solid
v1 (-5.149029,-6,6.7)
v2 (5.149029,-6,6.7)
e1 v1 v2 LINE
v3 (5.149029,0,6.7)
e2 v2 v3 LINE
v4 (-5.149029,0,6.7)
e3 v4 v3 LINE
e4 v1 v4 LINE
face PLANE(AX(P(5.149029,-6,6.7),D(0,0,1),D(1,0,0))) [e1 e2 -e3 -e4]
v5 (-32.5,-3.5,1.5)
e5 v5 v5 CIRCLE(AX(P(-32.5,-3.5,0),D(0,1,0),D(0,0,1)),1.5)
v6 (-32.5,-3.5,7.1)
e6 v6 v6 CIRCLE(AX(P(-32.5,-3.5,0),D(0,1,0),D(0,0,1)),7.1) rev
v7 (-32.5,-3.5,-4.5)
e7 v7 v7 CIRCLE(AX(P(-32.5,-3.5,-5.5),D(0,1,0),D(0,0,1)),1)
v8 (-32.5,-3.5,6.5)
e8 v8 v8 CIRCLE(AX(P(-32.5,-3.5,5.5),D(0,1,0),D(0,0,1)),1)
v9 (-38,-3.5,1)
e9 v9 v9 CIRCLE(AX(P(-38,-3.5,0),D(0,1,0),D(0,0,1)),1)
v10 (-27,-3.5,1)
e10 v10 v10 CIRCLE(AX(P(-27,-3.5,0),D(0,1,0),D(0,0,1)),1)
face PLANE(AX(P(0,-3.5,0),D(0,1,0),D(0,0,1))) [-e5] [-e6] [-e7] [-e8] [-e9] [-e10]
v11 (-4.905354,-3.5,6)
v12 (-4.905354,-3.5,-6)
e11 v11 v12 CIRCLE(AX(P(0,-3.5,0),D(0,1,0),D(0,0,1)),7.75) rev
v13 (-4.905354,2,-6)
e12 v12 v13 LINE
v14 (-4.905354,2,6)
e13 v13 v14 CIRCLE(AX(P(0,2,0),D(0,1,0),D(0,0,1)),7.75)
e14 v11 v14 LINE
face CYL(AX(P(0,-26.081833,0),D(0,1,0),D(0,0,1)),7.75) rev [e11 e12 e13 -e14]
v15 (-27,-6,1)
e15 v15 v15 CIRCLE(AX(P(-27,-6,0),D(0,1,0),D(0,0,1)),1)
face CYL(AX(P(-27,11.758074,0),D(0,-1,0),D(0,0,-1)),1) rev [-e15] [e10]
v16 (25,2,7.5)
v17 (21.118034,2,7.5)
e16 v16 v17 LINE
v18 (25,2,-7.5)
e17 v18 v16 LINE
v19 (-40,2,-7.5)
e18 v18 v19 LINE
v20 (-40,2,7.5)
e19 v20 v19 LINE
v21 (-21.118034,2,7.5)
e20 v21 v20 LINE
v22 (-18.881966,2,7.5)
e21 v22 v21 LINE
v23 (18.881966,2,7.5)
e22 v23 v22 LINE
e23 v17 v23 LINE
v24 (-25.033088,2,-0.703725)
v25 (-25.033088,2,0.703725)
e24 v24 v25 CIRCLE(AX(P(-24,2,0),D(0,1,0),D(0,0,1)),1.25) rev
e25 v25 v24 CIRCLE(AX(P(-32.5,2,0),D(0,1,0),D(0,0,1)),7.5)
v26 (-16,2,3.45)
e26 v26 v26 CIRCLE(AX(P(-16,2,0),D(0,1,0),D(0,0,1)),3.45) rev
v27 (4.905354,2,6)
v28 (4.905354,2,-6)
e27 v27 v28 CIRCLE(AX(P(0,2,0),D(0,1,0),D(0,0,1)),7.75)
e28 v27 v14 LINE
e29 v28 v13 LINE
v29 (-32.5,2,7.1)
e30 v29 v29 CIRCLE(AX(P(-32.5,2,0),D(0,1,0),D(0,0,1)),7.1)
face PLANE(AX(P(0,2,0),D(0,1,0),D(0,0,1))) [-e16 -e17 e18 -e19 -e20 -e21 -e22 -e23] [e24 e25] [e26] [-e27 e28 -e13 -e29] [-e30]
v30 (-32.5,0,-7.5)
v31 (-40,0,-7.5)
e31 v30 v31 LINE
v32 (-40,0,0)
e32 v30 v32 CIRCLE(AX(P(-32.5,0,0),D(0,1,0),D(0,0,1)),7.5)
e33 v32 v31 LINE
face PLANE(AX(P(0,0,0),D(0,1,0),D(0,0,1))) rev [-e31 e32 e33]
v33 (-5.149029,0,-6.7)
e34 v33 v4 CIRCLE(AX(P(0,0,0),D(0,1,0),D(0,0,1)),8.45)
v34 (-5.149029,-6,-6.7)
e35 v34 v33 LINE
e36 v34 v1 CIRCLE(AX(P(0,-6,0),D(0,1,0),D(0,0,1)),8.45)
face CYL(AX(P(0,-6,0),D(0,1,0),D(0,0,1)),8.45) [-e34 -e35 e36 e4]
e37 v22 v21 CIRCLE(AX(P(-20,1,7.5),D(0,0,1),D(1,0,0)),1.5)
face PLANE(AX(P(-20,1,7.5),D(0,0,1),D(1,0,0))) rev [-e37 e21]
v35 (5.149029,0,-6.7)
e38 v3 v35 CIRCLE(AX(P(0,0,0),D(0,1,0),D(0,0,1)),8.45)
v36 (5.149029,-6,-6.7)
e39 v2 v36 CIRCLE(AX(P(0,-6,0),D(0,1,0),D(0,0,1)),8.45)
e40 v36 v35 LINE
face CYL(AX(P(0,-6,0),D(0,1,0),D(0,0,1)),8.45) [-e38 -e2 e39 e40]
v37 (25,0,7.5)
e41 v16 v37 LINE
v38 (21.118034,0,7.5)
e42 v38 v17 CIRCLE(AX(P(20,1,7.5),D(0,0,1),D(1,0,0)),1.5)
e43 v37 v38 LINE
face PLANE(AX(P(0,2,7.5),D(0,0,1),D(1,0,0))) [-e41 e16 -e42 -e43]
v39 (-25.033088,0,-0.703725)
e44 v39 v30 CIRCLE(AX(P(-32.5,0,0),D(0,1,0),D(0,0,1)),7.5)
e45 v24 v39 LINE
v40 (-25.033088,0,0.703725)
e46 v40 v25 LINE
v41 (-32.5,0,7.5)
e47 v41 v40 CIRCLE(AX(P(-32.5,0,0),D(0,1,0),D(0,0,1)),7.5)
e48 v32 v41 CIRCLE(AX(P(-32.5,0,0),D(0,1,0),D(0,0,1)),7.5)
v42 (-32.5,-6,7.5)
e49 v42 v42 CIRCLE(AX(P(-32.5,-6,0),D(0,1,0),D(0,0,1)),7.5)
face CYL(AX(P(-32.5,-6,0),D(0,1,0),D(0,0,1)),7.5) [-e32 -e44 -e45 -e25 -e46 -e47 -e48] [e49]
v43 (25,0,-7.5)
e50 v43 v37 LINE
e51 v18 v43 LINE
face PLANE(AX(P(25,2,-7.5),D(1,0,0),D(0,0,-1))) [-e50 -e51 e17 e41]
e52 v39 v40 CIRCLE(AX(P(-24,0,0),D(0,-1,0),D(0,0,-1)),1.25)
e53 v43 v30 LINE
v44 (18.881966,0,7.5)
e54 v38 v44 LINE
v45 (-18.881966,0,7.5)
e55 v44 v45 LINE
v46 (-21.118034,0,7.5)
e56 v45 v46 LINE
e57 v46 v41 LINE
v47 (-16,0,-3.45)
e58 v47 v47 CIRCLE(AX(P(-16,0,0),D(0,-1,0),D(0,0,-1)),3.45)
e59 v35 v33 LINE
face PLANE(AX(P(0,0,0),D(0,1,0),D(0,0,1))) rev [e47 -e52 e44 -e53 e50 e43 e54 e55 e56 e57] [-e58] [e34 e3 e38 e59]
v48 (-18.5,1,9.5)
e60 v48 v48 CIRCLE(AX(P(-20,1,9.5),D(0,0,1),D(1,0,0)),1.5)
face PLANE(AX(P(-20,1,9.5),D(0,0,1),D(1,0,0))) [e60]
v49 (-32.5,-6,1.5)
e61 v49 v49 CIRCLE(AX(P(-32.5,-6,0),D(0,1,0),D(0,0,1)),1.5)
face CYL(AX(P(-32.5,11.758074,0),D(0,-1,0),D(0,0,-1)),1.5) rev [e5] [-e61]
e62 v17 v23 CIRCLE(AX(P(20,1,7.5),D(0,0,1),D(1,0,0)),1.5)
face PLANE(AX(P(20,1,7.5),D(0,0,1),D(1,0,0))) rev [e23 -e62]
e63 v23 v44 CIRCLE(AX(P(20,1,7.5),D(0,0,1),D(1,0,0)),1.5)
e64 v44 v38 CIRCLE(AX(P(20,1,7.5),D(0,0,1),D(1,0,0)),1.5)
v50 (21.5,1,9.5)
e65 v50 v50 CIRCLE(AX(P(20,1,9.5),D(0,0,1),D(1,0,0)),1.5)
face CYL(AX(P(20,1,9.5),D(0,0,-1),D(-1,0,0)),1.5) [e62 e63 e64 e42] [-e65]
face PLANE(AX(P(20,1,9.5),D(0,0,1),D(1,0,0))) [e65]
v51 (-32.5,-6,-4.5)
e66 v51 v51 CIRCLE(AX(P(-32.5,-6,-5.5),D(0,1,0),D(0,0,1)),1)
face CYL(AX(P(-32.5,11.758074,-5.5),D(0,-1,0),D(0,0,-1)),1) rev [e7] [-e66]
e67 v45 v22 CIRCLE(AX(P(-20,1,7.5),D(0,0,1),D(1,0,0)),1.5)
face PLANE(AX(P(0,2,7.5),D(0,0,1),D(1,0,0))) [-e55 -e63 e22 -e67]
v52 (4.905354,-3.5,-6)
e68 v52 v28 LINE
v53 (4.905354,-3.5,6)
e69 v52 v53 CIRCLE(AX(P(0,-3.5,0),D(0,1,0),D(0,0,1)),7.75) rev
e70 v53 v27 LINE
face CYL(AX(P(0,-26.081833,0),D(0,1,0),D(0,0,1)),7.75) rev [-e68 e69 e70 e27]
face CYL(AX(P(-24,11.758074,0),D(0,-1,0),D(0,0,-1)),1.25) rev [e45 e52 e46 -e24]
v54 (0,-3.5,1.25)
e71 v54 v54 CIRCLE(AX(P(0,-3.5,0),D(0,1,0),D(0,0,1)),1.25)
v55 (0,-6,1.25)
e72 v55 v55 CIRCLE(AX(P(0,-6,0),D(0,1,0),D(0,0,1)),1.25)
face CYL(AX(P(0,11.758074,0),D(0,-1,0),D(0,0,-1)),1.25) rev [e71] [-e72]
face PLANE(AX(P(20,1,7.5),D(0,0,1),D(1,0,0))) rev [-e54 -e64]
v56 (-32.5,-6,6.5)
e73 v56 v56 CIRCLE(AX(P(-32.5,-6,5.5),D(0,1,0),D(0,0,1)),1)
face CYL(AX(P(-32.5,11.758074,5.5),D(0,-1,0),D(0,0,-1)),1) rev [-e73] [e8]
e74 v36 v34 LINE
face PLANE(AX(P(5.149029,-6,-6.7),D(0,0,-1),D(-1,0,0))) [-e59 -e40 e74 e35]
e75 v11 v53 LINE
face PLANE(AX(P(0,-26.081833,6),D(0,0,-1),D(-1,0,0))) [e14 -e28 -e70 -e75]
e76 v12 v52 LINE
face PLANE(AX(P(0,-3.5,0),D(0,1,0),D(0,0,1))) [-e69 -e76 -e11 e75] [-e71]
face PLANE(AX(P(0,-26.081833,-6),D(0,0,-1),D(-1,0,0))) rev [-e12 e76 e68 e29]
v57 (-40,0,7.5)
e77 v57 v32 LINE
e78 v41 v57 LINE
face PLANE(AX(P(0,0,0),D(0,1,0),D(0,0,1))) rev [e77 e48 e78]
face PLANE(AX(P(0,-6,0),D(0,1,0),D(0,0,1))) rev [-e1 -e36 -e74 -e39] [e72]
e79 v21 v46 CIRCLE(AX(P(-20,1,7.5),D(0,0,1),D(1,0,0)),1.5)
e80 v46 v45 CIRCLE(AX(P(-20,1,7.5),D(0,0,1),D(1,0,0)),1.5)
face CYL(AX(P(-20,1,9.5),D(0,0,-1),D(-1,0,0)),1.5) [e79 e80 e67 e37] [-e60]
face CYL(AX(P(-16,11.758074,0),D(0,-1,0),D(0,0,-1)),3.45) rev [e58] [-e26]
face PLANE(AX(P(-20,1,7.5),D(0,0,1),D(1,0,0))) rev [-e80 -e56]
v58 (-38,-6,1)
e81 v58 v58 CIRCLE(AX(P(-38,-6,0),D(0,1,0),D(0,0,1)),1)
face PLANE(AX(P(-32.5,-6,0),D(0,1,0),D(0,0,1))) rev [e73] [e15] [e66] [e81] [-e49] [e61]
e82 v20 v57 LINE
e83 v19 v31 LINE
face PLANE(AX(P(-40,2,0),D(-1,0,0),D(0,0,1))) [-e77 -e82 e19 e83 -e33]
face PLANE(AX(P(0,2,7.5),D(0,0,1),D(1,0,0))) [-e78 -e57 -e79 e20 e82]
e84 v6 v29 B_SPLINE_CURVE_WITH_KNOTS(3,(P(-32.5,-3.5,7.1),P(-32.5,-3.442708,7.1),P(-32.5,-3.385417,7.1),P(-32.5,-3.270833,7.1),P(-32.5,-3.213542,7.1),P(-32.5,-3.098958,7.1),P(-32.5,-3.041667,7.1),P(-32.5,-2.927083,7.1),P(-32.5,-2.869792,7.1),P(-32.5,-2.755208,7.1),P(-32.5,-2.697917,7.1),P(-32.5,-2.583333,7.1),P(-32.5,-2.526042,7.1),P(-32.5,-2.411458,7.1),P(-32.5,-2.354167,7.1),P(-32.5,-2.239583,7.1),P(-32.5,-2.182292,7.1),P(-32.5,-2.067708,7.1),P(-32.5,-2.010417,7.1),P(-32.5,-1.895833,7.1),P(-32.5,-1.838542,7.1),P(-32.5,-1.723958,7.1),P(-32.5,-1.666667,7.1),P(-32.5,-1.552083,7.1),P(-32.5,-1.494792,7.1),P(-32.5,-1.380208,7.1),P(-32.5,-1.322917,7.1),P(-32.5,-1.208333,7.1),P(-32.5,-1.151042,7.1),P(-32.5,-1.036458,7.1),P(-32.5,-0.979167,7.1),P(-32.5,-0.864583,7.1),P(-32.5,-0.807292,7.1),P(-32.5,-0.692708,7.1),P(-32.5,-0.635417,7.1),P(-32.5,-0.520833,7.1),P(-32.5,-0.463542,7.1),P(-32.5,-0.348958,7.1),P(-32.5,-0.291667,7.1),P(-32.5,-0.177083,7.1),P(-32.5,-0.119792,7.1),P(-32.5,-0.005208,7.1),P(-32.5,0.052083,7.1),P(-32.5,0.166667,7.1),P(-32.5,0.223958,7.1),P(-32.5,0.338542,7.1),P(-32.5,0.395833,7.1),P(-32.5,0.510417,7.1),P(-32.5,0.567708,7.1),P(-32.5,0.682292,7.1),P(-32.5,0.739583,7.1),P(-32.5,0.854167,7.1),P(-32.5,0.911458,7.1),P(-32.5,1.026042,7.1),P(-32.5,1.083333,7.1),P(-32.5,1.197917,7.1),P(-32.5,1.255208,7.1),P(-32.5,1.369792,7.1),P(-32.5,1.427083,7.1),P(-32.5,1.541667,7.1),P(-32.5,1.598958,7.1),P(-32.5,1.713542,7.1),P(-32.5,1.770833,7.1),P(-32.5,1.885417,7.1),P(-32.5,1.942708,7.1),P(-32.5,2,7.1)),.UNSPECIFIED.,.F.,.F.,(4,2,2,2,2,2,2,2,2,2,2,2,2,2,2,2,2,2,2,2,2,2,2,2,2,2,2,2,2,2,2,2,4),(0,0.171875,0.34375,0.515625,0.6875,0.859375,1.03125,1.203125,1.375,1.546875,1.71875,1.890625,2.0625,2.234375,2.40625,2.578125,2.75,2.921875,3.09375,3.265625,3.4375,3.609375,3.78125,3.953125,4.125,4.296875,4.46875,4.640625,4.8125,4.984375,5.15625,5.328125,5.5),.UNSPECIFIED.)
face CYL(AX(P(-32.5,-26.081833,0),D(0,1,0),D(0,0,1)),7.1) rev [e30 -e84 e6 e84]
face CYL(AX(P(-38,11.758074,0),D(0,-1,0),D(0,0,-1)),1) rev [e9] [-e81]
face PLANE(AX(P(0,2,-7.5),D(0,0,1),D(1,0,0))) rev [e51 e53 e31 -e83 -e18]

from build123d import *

# Parameters (mm, degrees)
SKETCH_1_W          = 65
SKETCH_1_H          = 15
EXTRUDE_1_DEPTH     = 2
SKETCH_2_R          = 1.25
SKETCH_2_R_2        = 3.45
SKETCH_2_R_3        = 1.5
SKETCH_2_R_4        = 1
CUT_EXTRUDE_1_DEPTH = 2
SKETCH_4_R          = 1.5
EXTRUDE_2_DEPTH     = 2
SKETCH_5_R          = 7.5
SKETCH_5_R_2        = 7.1
EXTRUDE_3_DEPTH     = 8
EXTRUDE_START       = -8
SKETCH_5_5_R        = 1.25
SKETCH_5_5_R_2      = 7.1
SKETCH_5_5_R_3      = 1
SKETCH_5_5_R_4      = 1.5
EXTRUDE_4_DEPTH     = 6
CUT_EXTRUDE_START   = -5.5
SKETCH_5_6_R        = 1.25
SKETCH_5_6_R_2      = 7.1
CUT_EXTRUDE_3_DEPTH = 5.5


with BuildPart() as part:
    # 草图1 → 凸台-拉伸1 (new body)
    with BuildSketch(Plane(origin=(0, 0, 0), x_dir=(1, 0, 0), z_dir=(0, 1, 0))):
        with Locations((-7.5, 0)):
            Rectangle(SKETCH_1_W, SKETCH_1_H)
    extrude(amount=EXTRUDE_1_DEPTH)

    # 草图2 → 切除-拉伸1 (cut)
    with BuildSketch(Plane(origin=(0, 0, 0), x_dir=(1, 0, 0), z_dir=(0, 1, 0))):
        with Locations(Location((0, 0, 0), (0, 0, 270))):
            Circle(SKETCH_2_R)
        with Locations(Location((-16, 0, 0), (0, 0, 90))):
            Circle(SKETCH_2_R_2)
        with Locations(Location((-24, 0, 0), (0, 0, 90))):
            Circle(SKETCH_2_R)
        with Locations(Location((-32.5, 0, 0), (0, 0, 270))):
            Circle(SKETCH_2_R_3)
        with Locations(Location((-27, 0, 0), (0, 0, 270))):
            Circle(SKETCH_2_R_4)
        with Locations(Location((-32.5, -5.5, 0), (0, 0, 270))):
            Circle(SKETCH_2_R_4)
        with Locations(Location((-38, 0, 0), (0, 0, 270))):
            Circle(SKETCH_2_R_4)
        with Locations(Location((-32.5, 5.5, 0), (0, 0, 270))):
            Circle(SKETCH_2_R_4)
    extrude(amount=CUT_EXTRUDE_1_DEPTH, mode=Mode.SUBTRACT)

    # 草图4 → 凸台-拉伸2 (add)
    with BuildSketch(Plane.XY.offset(7.5)):
        with Locations(Location((20, 1, 0), (0, 0, 221.810314896))):
            Circle(SKETCH_4_R)
        with Locations(Location((-20, 1, 0), (0, 0, 221.810314896))):
            Circle(SKETCH_4_R)
    extrude(amount=EXTRUDE_2_DEPTH)

    # 草图5 → 凸台-拉伸3 (add)
    # profile 1 of 2: a face of its own
    with BuildSketch(Plane(origin=(0, 2, 0), x_dir=(1, 0, 0), z_dir=(0, 1, 0))):
        with Locations(Location((-32.5, 0, 0), (0, 0, 270))):
            Circle(SKETCH_5_R)
        with Locations(Location((-32.5, 0, 0), (0, 0, 270))):
            Circle(SKETCH_5_R_2, mode=Mode.SUBTRACT)
    # profile 2 of 2: a face of its own
    with BuildSketch(Plane(origin=(0, 2, 0), x_dir=(1, 0, 0), z_dir=(0, 1, 0))):
        with BuildLine():
            Line((5.149029035, -6.7), (-5.149029035, -6.7))
            ThreePointArc((-5.149029035, -6.7), (-8.45, 0), (-5.149029035, 6.7))
            Line((-5.149029035, 6.7), (5.149029035, 6.7))
            ThreePointArc((5.149029035, 6.7), (8.45, 0), (5.149029035, -6.7))
        make_face()
        with BuildLine():
            Line((4.905354218, -6), (-4.905354218, -6))
            ThreePointArc((-4.905354218, -6), (-7.75, 0), (-4.905354218, 6))
            Line((-4.905354218, 6), (4.905354218, 6))
            ThreePointArc((4.905354218, 6), (7.75, 0), (4.905354218, -6))
        make_face(mode=Mode.SUBTRACT)
    extrude(amount=-EXTRUDE_3_DEPTH)

    # 草图5<5> → 凸台-拉伸4 (add)
    # profile 1 of 2: a face of its own
    with BuildSketch(Plane(origin=(0, 2, 0), x_dir=(1, 0, 0), z_dir=(0, 1, 0)).offset(EXTRUDE_START)):
        with BuildLine():
            Line((4.905354218, -6), (-4.905354218, -6))
            ThreePointArc((-4.905354218, -6), (-7.75, 0), (-4.905354218, 6))
            Line((-4.905354218, 6), (4.905354218, 6))
            ThreePointArc((4.905354218, 6), (7.75, 0), (4.905354218, -6))
        make_face()
        with Locations(Location((0, 0, 0), (0, 0, 270))):
            Circle(SKETCH_5_5_R, mode=Mode.SUBTRACT)
    # profile 2 of 2: a face of its own
    with BuildSketch(Plane(origin=(0, 2, 0), x_dir=(1, 0, 0), z_dir=(0, 1, 0)).offset(EXTRUDE_START)):
        with Locations((-32.5, 0)):
            Circle(SKETCH_5_5_R_2)
        with Locations(Location((-32.5, 5.5, 0), (0, 0, 270))):
            Circle(SKETCH_5_5_R_3, mode=Mode.SUBTRACT)
        with Locations(Location((-38, 0, 0), (0, 0, 270))):
            Circle(SKETCH_5_5_R_3, mode=Mode.SUBTRACT)
        with Locations(Location((-32.5, 0, 0), (0, 0, 270))):
            Circle(SKETCH_5_5_R_4, mode=Mode.SUBTRACT)
        with Locations(Location((-27, 0, 0), (0, 0, 270))):
            Circle(SKETCH_5_5_R_3, mode=Mode.SUBTRACT)
        with Locations(Location((-32.5, -5.5, 0), (0, 0, 270))):
            Circle(SKETCH_5_5_R_3, mode=Mode.SUBTRACT)
    extrude(amount=EXTRUDE_4_DEPTH)

    # 草图5<6> → 切除-拉伸3 (cut)
    # profile 1 of 2: a face of its own
    with BuildSketch(Plane(origin=(0, 2, 0), x_dir=(1, 0, 0), z_dir=(0, 1, 0)).offset(CUT_EXTRUDE_START)):
        with BuildLine():
            Line((4.905354218, -6), (-4.905354218, -6))
            ThreePointArc((-4.905354218, -6), (-7.75, 0), (-4.905354218, 6))
            Line((-4.905354218, 6), (4.905354218, 6))
            ThreePointArc((4.905354218, 6), (7.75, 0), (4.905354218, -6))
        make_face()
        with Locations(Location((0, 0, 0), (0, 0, 270))):
            Circle(SKETCH_5_6_R, mode=Mode.SUBTRACT)
    # profile 2 of 2: a face of its own
    with BuildSketch(Plane(origin=(0, 2, 0), x_dir=(1, 0, 0), z_dir=(0, 1, 0)).offset(CUT_EXTRUDE_START)):
        with Locations(Location((-32.5, 0, 0), (0, 0, 270))):
            Circle(SKETCH_5_6_R_2)
    extrude(amount=CUT_EXTRUDE_3_DEPTH, mode=Mode.SUBTRACT)


solid = part.part
